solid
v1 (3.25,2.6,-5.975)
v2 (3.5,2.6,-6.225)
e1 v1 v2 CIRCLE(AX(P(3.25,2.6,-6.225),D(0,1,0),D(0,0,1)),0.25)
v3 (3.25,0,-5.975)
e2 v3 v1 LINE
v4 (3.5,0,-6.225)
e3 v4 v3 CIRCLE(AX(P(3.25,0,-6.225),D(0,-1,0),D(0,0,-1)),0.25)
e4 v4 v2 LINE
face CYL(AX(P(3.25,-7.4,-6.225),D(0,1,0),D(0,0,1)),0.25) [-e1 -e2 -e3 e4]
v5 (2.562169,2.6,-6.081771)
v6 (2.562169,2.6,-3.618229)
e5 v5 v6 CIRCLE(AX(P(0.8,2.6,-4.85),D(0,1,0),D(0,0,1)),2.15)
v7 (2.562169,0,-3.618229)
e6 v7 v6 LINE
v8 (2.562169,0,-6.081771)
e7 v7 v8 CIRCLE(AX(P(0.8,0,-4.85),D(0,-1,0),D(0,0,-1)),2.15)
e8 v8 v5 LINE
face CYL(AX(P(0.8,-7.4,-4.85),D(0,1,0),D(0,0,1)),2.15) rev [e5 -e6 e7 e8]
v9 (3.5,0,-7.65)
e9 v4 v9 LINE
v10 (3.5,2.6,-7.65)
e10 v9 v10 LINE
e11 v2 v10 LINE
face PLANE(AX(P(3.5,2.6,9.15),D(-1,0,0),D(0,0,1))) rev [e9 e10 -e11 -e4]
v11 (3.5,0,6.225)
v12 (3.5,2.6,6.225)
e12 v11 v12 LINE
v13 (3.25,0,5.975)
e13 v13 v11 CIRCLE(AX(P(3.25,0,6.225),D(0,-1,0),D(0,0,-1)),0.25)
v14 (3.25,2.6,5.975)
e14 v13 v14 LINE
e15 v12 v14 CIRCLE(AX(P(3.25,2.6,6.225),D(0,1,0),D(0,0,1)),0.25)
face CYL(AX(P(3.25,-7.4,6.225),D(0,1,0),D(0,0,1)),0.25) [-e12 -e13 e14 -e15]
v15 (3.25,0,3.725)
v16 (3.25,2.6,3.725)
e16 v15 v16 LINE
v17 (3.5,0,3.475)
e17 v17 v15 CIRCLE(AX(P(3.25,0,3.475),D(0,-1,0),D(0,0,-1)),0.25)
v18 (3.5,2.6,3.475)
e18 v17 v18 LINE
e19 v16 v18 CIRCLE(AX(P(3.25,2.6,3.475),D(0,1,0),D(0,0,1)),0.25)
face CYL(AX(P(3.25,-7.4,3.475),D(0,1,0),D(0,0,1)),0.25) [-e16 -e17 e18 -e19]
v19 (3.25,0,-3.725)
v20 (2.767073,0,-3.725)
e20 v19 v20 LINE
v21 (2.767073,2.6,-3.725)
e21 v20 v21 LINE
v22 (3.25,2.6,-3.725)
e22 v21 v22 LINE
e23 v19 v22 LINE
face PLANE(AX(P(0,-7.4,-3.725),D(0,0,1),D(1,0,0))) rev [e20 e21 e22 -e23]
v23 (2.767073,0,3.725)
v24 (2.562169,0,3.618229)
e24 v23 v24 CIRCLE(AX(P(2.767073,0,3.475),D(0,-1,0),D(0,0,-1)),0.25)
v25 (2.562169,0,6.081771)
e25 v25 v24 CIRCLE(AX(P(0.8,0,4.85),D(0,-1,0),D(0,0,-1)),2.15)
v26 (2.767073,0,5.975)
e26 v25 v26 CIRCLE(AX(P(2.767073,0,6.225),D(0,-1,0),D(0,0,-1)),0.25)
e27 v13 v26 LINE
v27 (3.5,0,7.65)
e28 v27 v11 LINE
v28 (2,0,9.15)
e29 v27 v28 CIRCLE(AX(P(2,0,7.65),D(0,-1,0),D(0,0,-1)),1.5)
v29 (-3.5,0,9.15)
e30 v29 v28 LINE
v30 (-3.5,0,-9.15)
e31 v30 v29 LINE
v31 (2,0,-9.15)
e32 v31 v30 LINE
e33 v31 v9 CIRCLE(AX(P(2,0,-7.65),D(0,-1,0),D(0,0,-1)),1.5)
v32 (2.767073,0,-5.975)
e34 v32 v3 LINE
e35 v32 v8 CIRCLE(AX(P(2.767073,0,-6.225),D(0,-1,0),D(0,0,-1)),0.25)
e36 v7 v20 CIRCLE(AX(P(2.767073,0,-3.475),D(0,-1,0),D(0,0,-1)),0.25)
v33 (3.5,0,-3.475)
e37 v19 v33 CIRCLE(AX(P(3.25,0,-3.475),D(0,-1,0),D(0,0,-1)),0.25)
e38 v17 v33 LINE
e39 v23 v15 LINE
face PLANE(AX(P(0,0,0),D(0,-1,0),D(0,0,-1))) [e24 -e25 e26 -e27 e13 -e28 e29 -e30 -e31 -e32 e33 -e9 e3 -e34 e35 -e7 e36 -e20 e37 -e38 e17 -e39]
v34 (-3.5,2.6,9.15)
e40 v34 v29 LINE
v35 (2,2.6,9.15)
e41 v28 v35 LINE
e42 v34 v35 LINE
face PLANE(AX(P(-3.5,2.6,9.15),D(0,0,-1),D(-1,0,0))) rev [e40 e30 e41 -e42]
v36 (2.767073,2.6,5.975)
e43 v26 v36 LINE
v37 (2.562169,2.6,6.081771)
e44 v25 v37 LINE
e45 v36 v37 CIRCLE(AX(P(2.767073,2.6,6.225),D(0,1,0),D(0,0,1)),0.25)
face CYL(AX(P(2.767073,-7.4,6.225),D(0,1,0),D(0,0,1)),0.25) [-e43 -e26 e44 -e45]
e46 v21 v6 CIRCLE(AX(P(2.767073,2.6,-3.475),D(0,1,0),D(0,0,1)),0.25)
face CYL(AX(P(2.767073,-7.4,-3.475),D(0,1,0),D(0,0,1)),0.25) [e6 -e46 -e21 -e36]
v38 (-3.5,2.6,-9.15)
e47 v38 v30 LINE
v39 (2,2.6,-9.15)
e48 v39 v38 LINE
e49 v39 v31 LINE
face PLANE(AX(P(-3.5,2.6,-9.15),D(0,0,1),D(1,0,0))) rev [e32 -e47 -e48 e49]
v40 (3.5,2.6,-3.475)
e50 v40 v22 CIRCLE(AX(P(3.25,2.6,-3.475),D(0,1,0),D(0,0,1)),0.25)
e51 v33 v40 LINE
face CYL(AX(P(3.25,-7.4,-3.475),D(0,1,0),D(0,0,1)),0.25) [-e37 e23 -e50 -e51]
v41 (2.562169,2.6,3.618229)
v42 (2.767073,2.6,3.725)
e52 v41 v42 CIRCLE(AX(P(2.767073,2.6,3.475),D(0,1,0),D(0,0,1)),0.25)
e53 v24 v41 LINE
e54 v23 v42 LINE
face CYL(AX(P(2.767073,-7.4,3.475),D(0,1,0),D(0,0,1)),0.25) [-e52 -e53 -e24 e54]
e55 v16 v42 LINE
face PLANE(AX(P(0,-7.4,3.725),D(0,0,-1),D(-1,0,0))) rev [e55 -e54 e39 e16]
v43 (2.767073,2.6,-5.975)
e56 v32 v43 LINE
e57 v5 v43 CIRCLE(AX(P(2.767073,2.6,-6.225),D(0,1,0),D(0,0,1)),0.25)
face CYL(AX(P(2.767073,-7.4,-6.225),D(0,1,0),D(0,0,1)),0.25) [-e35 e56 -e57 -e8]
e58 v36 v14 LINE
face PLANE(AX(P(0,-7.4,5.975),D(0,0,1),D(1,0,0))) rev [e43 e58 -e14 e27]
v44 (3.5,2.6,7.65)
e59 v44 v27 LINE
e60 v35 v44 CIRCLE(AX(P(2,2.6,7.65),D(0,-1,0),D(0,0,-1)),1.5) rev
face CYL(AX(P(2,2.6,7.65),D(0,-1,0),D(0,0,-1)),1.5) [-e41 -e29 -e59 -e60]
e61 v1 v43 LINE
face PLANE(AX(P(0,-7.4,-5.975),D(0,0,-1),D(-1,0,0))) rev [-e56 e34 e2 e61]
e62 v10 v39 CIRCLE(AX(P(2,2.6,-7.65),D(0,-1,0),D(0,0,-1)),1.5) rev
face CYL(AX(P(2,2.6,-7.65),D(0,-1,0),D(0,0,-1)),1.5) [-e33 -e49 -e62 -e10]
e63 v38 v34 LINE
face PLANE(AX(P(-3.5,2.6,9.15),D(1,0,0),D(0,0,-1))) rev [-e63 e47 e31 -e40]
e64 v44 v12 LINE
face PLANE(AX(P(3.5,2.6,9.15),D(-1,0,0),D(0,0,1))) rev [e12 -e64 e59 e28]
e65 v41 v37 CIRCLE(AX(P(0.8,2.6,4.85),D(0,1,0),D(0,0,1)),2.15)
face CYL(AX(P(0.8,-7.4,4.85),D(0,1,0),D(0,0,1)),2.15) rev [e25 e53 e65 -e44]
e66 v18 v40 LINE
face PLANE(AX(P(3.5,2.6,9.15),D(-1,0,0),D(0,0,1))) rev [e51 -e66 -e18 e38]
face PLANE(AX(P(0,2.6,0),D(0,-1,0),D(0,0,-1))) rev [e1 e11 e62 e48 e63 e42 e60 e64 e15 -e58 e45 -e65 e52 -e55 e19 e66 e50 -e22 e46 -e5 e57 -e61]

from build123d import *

# Parameters (mm, degrees)
CROQUIS1_W              = 7
CROQUIS1_H              = 18.3
SALIENTE_EXTRUIR1_DEPTH = 2.6
CORTAR_EXTRUIR2_DEPTH   = 10
REDONDEO1_R             = 1.5


with BuildPart() as part:
    # Croquis1 → Saliente-Extruir1 (new body)
    with BuildSketch(Plane(origin=(0, 0, 0), x_dir=(1, 0, 0), z_dir=(0, 1, 0))):
        Rectangle(CROQUIS1_W, CROQUIS1_H)
    extrude(amount=SALIENTE_EXTRUIR1_DEPTH)

    # Croquis2 → Cortar-Extruir2 (cut)
    with BuildSketch(Plane(origin=(0, 2.6, 0), x_dir=(1, 0, 0), z_dir=(0, 1, 0))):
        with BuildLine():
            ThreePointArc((3.25, 3.725), (3.426776695, 3.651776695), (3.5, 3.475))
            Line((3.5, 3.475), (3.5, 6.225))
            ThreePointArc((3.5, 6.225), (3.426776695, 6.048223305), (3.25, 5.975))
            Line((3.25, 5.975), (2.767072698, 5.975))
            ThreePointArc((2.767072698, 5.975), (2.651546276, 6.003293785), (2.562169292, 6.081770833))
            ThreePointArc((2.562169292, 6.081770833), (-1.35, 4.85), (2.562169292, 3.618229167))
            ThreePointArc((2.562169292, 3.618229167), (2.651546276, 3.696706215), (2.767072698, 3.725))
            Line((2.767072698, 3.725), (3.25, 3.725))
        make_face()
        with BuildLine():
            ThreePointArc((3.5, -3.475), (3.426776695, -3.651776695), (3.25, -3.725))
            Line((3.25, -3.725), (2.767072698, -3.725))
            ThreePointArc((2.767072698, -3.725), (2.651546276, -3.696706215), (2.562169292, -3.618229167))
            ThreePointArc((2.562169292, -3.618229167), (-1.35, -4.85), (2.562169292, -6.081770833))
            ThreePointArc((2.562169292, -6.081770833), (2.651546276, -6.003293785), (2.767072698, -5.975))
            Line((2.767072698, -5.975), (3.25, -5.975))
            ThreePointArc((3.25, -5.975), (3.426776695, -6.048223305), (3.5, -6.225))
            Line((3.5, -6.225), (3.5, -3.475))
        make_face()
    extrude(amount=-CORTAR_EXTRUIR2_DEPTH, mode=Mode.SUBTRACT)

    # Redondeo1
    redondeo1_edges = [part.edges().sort_by_distance(p)[0] for p in [
        (3.5, 1.3, 9.15),
        (3.5, 1.3, -9.15),
    ]]
    fillet(redondeo1_edges, radius=REDONDEO1_R)


solid = part.part
